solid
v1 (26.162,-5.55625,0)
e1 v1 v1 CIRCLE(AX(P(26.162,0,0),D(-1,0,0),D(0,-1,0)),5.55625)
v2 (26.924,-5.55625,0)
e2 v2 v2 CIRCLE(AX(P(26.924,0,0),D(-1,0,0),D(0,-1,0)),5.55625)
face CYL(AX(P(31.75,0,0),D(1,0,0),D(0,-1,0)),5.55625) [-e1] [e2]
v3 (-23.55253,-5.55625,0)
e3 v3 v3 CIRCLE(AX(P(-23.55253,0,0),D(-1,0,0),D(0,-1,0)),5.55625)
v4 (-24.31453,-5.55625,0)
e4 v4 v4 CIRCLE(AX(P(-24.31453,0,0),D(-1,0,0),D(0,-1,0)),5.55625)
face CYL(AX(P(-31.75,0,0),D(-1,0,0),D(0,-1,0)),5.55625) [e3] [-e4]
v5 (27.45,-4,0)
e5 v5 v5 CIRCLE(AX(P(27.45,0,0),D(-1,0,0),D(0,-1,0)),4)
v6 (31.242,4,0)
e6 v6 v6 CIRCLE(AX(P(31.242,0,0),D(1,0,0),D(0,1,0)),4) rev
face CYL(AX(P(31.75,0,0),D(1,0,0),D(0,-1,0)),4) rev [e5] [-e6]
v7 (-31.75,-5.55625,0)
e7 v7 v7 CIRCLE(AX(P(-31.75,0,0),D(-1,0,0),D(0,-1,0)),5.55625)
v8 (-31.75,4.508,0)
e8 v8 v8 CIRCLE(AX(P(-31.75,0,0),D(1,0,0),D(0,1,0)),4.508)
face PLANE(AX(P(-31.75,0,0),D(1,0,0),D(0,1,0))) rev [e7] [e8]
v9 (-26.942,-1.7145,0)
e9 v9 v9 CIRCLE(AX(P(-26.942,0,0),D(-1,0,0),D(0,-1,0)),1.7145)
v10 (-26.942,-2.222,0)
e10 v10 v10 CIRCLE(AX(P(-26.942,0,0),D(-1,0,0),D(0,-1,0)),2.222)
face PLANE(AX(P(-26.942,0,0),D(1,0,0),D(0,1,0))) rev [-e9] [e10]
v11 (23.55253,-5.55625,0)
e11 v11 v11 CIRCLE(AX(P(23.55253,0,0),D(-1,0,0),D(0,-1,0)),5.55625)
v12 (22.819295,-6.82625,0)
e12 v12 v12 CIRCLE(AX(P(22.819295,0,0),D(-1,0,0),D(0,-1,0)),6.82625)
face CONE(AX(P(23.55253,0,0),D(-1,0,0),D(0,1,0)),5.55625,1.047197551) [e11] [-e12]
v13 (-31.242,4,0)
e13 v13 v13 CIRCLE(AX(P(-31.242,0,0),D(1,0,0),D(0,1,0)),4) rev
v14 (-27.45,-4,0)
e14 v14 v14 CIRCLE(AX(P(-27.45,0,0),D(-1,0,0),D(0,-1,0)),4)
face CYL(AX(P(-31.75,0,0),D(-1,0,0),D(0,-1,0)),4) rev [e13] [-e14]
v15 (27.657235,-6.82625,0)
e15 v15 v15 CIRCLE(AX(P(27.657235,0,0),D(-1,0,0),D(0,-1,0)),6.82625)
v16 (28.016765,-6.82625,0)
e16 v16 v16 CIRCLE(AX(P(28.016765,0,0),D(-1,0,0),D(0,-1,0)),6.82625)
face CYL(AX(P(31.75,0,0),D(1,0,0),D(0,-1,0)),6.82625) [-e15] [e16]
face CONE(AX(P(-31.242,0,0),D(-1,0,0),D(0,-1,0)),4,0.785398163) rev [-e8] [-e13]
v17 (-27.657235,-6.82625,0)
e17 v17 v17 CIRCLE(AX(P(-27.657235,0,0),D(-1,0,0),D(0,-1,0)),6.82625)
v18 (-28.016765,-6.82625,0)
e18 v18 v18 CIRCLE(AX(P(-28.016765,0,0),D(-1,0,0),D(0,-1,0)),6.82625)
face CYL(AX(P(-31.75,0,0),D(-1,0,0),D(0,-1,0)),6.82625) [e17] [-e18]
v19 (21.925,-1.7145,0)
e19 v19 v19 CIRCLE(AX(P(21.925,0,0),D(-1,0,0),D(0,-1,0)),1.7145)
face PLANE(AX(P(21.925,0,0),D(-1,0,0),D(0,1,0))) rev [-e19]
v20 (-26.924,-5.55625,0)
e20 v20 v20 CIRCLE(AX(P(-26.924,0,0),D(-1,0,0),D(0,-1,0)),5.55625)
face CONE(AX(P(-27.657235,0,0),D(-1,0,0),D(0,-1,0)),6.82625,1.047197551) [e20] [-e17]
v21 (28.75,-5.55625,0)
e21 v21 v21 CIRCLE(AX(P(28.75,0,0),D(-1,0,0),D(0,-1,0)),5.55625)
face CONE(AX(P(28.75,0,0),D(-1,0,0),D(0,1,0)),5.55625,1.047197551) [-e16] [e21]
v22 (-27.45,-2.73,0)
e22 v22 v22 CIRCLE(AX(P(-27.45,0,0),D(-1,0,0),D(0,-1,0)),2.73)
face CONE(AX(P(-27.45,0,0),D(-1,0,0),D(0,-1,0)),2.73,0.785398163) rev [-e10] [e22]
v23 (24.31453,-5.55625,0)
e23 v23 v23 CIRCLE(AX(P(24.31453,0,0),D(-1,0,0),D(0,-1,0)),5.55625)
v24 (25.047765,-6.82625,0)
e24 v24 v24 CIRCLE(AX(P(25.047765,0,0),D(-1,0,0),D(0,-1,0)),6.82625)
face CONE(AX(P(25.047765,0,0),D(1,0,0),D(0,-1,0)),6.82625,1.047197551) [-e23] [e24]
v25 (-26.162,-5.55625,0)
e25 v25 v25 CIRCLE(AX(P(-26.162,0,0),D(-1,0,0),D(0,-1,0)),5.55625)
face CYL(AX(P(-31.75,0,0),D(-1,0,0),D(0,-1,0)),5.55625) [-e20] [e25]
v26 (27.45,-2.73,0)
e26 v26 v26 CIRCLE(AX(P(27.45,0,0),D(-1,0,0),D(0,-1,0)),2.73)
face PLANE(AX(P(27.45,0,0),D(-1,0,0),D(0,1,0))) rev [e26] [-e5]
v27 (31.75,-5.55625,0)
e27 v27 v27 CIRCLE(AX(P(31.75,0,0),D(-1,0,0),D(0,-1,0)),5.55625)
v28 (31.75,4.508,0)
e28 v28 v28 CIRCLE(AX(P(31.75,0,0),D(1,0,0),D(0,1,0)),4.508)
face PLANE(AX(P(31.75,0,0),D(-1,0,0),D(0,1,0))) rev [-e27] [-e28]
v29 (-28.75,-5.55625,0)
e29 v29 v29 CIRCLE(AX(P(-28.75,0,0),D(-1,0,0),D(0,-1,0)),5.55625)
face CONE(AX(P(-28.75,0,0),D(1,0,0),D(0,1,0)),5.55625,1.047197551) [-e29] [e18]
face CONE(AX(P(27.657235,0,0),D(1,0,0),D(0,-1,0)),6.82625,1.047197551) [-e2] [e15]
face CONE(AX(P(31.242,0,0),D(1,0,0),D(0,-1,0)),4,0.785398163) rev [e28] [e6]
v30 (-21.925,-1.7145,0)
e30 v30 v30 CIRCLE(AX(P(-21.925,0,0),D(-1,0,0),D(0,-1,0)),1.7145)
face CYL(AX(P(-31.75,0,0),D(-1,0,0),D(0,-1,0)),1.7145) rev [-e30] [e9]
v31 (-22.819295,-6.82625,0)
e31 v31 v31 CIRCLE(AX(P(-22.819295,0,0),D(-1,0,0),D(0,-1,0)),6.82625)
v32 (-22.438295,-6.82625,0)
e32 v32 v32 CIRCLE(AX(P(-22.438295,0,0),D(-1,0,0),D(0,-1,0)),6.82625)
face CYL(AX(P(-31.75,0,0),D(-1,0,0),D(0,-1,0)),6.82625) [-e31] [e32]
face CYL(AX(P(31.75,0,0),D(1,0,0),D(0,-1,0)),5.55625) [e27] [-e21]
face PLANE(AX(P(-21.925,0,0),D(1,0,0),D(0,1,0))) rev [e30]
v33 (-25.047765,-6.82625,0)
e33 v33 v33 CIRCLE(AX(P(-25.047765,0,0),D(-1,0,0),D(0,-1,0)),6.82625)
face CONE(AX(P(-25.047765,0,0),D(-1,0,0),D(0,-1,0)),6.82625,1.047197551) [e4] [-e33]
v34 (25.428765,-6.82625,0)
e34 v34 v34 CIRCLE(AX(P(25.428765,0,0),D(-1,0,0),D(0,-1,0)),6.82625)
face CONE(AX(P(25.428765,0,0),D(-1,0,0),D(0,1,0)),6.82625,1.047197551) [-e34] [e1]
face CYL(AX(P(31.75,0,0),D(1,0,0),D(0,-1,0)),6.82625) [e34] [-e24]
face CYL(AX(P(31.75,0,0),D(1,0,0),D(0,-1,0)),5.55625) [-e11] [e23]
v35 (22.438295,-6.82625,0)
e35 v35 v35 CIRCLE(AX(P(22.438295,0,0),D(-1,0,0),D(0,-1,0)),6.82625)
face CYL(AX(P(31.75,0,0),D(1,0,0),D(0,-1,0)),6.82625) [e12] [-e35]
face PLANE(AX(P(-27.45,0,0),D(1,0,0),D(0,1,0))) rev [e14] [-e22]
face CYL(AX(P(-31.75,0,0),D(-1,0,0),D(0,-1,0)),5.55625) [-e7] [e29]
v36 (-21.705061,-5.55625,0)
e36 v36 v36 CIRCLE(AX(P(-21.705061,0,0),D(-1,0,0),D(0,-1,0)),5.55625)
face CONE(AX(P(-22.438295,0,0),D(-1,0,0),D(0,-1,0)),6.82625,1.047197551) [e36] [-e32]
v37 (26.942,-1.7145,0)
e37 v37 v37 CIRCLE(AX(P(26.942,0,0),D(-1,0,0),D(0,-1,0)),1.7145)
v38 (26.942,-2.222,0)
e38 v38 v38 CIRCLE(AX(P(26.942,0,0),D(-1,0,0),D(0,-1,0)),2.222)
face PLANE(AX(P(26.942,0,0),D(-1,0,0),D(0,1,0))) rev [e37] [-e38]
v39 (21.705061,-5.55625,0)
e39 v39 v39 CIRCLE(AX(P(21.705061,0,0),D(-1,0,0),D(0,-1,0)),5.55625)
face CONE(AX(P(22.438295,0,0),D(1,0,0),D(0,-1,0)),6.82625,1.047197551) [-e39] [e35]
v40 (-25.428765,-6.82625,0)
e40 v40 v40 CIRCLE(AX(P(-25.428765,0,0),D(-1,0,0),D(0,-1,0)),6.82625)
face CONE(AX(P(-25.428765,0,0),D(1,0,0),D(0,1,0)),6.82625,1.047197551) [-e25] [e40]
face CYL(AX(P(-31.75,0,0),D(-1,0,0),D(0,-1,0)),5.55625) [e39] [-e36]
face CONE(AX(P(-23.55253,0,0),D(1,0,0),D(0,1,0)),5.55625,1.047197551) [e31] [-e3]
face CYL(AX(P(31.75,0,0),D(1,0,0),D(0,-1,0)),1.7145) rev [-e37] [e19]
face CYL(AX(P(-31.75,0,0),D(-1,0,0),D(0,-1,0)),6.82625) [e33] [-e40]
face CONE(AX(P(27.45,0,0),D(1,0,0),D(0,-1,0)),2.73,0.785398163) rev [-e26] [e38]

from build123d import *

# Parameters (mm, degrees)
CHAMFER1_SIZE = 0.508


with BuildPart() as part:
    # Sketch2 → Revolve1 (revolve)
    with BuildSketch(Plane.XY, mode=Mode.PRIVATE) as revolve1_sk:
        Polygon((-28.75, 5.55625), (-31.75, 5.55625), (-31.75, 4), (-27.45, 4), (-27.45, 2.73), (-26.942, 2.222), (-26.942, 1.7145), (-21.925, 1.7145), (-21.925, 0), (0, 0), (0, 3.175), (0, 5.55625), (-21.705060633, 5.55625), (-22.438295474, 6.82625), (-22.819295474, 6.82625), (-23.552530316, 5.55625), (-24.314530316, 5.55625), (-25.047765158, 6.82625), (-25.428765158, 6.82625), (-26.162, 5.55625), (-26.924, 5.55625), (-27.657234842, 6.82625), (-28.016765158, 6.82625), align=None)
    revolve(revolve1_sk.sketch.rotate(Axis((-31.75, 0, 0), (1, 0, 0)), 180), axis=Axis((-31.75, 0, 0), (1, 0, 0)))

    # Chamfer1
    chamfer1_edges = [part.edges().sort_by_distance(p)[0] for p in [
        (-31.75, 4, 0),
    ]]
    chamfer(chamfer1_edges, length=CHAMFER1_SIZE)

    # Mirror1: part across plane


with BuildPart() as part_1:
    add(part.part)
    add(part.part.mirror(Plane(origin=(0, 0, 0), x_dir=(0, 0, 1), z_dir=(1, 0, 0))))


solid = part_1.part
